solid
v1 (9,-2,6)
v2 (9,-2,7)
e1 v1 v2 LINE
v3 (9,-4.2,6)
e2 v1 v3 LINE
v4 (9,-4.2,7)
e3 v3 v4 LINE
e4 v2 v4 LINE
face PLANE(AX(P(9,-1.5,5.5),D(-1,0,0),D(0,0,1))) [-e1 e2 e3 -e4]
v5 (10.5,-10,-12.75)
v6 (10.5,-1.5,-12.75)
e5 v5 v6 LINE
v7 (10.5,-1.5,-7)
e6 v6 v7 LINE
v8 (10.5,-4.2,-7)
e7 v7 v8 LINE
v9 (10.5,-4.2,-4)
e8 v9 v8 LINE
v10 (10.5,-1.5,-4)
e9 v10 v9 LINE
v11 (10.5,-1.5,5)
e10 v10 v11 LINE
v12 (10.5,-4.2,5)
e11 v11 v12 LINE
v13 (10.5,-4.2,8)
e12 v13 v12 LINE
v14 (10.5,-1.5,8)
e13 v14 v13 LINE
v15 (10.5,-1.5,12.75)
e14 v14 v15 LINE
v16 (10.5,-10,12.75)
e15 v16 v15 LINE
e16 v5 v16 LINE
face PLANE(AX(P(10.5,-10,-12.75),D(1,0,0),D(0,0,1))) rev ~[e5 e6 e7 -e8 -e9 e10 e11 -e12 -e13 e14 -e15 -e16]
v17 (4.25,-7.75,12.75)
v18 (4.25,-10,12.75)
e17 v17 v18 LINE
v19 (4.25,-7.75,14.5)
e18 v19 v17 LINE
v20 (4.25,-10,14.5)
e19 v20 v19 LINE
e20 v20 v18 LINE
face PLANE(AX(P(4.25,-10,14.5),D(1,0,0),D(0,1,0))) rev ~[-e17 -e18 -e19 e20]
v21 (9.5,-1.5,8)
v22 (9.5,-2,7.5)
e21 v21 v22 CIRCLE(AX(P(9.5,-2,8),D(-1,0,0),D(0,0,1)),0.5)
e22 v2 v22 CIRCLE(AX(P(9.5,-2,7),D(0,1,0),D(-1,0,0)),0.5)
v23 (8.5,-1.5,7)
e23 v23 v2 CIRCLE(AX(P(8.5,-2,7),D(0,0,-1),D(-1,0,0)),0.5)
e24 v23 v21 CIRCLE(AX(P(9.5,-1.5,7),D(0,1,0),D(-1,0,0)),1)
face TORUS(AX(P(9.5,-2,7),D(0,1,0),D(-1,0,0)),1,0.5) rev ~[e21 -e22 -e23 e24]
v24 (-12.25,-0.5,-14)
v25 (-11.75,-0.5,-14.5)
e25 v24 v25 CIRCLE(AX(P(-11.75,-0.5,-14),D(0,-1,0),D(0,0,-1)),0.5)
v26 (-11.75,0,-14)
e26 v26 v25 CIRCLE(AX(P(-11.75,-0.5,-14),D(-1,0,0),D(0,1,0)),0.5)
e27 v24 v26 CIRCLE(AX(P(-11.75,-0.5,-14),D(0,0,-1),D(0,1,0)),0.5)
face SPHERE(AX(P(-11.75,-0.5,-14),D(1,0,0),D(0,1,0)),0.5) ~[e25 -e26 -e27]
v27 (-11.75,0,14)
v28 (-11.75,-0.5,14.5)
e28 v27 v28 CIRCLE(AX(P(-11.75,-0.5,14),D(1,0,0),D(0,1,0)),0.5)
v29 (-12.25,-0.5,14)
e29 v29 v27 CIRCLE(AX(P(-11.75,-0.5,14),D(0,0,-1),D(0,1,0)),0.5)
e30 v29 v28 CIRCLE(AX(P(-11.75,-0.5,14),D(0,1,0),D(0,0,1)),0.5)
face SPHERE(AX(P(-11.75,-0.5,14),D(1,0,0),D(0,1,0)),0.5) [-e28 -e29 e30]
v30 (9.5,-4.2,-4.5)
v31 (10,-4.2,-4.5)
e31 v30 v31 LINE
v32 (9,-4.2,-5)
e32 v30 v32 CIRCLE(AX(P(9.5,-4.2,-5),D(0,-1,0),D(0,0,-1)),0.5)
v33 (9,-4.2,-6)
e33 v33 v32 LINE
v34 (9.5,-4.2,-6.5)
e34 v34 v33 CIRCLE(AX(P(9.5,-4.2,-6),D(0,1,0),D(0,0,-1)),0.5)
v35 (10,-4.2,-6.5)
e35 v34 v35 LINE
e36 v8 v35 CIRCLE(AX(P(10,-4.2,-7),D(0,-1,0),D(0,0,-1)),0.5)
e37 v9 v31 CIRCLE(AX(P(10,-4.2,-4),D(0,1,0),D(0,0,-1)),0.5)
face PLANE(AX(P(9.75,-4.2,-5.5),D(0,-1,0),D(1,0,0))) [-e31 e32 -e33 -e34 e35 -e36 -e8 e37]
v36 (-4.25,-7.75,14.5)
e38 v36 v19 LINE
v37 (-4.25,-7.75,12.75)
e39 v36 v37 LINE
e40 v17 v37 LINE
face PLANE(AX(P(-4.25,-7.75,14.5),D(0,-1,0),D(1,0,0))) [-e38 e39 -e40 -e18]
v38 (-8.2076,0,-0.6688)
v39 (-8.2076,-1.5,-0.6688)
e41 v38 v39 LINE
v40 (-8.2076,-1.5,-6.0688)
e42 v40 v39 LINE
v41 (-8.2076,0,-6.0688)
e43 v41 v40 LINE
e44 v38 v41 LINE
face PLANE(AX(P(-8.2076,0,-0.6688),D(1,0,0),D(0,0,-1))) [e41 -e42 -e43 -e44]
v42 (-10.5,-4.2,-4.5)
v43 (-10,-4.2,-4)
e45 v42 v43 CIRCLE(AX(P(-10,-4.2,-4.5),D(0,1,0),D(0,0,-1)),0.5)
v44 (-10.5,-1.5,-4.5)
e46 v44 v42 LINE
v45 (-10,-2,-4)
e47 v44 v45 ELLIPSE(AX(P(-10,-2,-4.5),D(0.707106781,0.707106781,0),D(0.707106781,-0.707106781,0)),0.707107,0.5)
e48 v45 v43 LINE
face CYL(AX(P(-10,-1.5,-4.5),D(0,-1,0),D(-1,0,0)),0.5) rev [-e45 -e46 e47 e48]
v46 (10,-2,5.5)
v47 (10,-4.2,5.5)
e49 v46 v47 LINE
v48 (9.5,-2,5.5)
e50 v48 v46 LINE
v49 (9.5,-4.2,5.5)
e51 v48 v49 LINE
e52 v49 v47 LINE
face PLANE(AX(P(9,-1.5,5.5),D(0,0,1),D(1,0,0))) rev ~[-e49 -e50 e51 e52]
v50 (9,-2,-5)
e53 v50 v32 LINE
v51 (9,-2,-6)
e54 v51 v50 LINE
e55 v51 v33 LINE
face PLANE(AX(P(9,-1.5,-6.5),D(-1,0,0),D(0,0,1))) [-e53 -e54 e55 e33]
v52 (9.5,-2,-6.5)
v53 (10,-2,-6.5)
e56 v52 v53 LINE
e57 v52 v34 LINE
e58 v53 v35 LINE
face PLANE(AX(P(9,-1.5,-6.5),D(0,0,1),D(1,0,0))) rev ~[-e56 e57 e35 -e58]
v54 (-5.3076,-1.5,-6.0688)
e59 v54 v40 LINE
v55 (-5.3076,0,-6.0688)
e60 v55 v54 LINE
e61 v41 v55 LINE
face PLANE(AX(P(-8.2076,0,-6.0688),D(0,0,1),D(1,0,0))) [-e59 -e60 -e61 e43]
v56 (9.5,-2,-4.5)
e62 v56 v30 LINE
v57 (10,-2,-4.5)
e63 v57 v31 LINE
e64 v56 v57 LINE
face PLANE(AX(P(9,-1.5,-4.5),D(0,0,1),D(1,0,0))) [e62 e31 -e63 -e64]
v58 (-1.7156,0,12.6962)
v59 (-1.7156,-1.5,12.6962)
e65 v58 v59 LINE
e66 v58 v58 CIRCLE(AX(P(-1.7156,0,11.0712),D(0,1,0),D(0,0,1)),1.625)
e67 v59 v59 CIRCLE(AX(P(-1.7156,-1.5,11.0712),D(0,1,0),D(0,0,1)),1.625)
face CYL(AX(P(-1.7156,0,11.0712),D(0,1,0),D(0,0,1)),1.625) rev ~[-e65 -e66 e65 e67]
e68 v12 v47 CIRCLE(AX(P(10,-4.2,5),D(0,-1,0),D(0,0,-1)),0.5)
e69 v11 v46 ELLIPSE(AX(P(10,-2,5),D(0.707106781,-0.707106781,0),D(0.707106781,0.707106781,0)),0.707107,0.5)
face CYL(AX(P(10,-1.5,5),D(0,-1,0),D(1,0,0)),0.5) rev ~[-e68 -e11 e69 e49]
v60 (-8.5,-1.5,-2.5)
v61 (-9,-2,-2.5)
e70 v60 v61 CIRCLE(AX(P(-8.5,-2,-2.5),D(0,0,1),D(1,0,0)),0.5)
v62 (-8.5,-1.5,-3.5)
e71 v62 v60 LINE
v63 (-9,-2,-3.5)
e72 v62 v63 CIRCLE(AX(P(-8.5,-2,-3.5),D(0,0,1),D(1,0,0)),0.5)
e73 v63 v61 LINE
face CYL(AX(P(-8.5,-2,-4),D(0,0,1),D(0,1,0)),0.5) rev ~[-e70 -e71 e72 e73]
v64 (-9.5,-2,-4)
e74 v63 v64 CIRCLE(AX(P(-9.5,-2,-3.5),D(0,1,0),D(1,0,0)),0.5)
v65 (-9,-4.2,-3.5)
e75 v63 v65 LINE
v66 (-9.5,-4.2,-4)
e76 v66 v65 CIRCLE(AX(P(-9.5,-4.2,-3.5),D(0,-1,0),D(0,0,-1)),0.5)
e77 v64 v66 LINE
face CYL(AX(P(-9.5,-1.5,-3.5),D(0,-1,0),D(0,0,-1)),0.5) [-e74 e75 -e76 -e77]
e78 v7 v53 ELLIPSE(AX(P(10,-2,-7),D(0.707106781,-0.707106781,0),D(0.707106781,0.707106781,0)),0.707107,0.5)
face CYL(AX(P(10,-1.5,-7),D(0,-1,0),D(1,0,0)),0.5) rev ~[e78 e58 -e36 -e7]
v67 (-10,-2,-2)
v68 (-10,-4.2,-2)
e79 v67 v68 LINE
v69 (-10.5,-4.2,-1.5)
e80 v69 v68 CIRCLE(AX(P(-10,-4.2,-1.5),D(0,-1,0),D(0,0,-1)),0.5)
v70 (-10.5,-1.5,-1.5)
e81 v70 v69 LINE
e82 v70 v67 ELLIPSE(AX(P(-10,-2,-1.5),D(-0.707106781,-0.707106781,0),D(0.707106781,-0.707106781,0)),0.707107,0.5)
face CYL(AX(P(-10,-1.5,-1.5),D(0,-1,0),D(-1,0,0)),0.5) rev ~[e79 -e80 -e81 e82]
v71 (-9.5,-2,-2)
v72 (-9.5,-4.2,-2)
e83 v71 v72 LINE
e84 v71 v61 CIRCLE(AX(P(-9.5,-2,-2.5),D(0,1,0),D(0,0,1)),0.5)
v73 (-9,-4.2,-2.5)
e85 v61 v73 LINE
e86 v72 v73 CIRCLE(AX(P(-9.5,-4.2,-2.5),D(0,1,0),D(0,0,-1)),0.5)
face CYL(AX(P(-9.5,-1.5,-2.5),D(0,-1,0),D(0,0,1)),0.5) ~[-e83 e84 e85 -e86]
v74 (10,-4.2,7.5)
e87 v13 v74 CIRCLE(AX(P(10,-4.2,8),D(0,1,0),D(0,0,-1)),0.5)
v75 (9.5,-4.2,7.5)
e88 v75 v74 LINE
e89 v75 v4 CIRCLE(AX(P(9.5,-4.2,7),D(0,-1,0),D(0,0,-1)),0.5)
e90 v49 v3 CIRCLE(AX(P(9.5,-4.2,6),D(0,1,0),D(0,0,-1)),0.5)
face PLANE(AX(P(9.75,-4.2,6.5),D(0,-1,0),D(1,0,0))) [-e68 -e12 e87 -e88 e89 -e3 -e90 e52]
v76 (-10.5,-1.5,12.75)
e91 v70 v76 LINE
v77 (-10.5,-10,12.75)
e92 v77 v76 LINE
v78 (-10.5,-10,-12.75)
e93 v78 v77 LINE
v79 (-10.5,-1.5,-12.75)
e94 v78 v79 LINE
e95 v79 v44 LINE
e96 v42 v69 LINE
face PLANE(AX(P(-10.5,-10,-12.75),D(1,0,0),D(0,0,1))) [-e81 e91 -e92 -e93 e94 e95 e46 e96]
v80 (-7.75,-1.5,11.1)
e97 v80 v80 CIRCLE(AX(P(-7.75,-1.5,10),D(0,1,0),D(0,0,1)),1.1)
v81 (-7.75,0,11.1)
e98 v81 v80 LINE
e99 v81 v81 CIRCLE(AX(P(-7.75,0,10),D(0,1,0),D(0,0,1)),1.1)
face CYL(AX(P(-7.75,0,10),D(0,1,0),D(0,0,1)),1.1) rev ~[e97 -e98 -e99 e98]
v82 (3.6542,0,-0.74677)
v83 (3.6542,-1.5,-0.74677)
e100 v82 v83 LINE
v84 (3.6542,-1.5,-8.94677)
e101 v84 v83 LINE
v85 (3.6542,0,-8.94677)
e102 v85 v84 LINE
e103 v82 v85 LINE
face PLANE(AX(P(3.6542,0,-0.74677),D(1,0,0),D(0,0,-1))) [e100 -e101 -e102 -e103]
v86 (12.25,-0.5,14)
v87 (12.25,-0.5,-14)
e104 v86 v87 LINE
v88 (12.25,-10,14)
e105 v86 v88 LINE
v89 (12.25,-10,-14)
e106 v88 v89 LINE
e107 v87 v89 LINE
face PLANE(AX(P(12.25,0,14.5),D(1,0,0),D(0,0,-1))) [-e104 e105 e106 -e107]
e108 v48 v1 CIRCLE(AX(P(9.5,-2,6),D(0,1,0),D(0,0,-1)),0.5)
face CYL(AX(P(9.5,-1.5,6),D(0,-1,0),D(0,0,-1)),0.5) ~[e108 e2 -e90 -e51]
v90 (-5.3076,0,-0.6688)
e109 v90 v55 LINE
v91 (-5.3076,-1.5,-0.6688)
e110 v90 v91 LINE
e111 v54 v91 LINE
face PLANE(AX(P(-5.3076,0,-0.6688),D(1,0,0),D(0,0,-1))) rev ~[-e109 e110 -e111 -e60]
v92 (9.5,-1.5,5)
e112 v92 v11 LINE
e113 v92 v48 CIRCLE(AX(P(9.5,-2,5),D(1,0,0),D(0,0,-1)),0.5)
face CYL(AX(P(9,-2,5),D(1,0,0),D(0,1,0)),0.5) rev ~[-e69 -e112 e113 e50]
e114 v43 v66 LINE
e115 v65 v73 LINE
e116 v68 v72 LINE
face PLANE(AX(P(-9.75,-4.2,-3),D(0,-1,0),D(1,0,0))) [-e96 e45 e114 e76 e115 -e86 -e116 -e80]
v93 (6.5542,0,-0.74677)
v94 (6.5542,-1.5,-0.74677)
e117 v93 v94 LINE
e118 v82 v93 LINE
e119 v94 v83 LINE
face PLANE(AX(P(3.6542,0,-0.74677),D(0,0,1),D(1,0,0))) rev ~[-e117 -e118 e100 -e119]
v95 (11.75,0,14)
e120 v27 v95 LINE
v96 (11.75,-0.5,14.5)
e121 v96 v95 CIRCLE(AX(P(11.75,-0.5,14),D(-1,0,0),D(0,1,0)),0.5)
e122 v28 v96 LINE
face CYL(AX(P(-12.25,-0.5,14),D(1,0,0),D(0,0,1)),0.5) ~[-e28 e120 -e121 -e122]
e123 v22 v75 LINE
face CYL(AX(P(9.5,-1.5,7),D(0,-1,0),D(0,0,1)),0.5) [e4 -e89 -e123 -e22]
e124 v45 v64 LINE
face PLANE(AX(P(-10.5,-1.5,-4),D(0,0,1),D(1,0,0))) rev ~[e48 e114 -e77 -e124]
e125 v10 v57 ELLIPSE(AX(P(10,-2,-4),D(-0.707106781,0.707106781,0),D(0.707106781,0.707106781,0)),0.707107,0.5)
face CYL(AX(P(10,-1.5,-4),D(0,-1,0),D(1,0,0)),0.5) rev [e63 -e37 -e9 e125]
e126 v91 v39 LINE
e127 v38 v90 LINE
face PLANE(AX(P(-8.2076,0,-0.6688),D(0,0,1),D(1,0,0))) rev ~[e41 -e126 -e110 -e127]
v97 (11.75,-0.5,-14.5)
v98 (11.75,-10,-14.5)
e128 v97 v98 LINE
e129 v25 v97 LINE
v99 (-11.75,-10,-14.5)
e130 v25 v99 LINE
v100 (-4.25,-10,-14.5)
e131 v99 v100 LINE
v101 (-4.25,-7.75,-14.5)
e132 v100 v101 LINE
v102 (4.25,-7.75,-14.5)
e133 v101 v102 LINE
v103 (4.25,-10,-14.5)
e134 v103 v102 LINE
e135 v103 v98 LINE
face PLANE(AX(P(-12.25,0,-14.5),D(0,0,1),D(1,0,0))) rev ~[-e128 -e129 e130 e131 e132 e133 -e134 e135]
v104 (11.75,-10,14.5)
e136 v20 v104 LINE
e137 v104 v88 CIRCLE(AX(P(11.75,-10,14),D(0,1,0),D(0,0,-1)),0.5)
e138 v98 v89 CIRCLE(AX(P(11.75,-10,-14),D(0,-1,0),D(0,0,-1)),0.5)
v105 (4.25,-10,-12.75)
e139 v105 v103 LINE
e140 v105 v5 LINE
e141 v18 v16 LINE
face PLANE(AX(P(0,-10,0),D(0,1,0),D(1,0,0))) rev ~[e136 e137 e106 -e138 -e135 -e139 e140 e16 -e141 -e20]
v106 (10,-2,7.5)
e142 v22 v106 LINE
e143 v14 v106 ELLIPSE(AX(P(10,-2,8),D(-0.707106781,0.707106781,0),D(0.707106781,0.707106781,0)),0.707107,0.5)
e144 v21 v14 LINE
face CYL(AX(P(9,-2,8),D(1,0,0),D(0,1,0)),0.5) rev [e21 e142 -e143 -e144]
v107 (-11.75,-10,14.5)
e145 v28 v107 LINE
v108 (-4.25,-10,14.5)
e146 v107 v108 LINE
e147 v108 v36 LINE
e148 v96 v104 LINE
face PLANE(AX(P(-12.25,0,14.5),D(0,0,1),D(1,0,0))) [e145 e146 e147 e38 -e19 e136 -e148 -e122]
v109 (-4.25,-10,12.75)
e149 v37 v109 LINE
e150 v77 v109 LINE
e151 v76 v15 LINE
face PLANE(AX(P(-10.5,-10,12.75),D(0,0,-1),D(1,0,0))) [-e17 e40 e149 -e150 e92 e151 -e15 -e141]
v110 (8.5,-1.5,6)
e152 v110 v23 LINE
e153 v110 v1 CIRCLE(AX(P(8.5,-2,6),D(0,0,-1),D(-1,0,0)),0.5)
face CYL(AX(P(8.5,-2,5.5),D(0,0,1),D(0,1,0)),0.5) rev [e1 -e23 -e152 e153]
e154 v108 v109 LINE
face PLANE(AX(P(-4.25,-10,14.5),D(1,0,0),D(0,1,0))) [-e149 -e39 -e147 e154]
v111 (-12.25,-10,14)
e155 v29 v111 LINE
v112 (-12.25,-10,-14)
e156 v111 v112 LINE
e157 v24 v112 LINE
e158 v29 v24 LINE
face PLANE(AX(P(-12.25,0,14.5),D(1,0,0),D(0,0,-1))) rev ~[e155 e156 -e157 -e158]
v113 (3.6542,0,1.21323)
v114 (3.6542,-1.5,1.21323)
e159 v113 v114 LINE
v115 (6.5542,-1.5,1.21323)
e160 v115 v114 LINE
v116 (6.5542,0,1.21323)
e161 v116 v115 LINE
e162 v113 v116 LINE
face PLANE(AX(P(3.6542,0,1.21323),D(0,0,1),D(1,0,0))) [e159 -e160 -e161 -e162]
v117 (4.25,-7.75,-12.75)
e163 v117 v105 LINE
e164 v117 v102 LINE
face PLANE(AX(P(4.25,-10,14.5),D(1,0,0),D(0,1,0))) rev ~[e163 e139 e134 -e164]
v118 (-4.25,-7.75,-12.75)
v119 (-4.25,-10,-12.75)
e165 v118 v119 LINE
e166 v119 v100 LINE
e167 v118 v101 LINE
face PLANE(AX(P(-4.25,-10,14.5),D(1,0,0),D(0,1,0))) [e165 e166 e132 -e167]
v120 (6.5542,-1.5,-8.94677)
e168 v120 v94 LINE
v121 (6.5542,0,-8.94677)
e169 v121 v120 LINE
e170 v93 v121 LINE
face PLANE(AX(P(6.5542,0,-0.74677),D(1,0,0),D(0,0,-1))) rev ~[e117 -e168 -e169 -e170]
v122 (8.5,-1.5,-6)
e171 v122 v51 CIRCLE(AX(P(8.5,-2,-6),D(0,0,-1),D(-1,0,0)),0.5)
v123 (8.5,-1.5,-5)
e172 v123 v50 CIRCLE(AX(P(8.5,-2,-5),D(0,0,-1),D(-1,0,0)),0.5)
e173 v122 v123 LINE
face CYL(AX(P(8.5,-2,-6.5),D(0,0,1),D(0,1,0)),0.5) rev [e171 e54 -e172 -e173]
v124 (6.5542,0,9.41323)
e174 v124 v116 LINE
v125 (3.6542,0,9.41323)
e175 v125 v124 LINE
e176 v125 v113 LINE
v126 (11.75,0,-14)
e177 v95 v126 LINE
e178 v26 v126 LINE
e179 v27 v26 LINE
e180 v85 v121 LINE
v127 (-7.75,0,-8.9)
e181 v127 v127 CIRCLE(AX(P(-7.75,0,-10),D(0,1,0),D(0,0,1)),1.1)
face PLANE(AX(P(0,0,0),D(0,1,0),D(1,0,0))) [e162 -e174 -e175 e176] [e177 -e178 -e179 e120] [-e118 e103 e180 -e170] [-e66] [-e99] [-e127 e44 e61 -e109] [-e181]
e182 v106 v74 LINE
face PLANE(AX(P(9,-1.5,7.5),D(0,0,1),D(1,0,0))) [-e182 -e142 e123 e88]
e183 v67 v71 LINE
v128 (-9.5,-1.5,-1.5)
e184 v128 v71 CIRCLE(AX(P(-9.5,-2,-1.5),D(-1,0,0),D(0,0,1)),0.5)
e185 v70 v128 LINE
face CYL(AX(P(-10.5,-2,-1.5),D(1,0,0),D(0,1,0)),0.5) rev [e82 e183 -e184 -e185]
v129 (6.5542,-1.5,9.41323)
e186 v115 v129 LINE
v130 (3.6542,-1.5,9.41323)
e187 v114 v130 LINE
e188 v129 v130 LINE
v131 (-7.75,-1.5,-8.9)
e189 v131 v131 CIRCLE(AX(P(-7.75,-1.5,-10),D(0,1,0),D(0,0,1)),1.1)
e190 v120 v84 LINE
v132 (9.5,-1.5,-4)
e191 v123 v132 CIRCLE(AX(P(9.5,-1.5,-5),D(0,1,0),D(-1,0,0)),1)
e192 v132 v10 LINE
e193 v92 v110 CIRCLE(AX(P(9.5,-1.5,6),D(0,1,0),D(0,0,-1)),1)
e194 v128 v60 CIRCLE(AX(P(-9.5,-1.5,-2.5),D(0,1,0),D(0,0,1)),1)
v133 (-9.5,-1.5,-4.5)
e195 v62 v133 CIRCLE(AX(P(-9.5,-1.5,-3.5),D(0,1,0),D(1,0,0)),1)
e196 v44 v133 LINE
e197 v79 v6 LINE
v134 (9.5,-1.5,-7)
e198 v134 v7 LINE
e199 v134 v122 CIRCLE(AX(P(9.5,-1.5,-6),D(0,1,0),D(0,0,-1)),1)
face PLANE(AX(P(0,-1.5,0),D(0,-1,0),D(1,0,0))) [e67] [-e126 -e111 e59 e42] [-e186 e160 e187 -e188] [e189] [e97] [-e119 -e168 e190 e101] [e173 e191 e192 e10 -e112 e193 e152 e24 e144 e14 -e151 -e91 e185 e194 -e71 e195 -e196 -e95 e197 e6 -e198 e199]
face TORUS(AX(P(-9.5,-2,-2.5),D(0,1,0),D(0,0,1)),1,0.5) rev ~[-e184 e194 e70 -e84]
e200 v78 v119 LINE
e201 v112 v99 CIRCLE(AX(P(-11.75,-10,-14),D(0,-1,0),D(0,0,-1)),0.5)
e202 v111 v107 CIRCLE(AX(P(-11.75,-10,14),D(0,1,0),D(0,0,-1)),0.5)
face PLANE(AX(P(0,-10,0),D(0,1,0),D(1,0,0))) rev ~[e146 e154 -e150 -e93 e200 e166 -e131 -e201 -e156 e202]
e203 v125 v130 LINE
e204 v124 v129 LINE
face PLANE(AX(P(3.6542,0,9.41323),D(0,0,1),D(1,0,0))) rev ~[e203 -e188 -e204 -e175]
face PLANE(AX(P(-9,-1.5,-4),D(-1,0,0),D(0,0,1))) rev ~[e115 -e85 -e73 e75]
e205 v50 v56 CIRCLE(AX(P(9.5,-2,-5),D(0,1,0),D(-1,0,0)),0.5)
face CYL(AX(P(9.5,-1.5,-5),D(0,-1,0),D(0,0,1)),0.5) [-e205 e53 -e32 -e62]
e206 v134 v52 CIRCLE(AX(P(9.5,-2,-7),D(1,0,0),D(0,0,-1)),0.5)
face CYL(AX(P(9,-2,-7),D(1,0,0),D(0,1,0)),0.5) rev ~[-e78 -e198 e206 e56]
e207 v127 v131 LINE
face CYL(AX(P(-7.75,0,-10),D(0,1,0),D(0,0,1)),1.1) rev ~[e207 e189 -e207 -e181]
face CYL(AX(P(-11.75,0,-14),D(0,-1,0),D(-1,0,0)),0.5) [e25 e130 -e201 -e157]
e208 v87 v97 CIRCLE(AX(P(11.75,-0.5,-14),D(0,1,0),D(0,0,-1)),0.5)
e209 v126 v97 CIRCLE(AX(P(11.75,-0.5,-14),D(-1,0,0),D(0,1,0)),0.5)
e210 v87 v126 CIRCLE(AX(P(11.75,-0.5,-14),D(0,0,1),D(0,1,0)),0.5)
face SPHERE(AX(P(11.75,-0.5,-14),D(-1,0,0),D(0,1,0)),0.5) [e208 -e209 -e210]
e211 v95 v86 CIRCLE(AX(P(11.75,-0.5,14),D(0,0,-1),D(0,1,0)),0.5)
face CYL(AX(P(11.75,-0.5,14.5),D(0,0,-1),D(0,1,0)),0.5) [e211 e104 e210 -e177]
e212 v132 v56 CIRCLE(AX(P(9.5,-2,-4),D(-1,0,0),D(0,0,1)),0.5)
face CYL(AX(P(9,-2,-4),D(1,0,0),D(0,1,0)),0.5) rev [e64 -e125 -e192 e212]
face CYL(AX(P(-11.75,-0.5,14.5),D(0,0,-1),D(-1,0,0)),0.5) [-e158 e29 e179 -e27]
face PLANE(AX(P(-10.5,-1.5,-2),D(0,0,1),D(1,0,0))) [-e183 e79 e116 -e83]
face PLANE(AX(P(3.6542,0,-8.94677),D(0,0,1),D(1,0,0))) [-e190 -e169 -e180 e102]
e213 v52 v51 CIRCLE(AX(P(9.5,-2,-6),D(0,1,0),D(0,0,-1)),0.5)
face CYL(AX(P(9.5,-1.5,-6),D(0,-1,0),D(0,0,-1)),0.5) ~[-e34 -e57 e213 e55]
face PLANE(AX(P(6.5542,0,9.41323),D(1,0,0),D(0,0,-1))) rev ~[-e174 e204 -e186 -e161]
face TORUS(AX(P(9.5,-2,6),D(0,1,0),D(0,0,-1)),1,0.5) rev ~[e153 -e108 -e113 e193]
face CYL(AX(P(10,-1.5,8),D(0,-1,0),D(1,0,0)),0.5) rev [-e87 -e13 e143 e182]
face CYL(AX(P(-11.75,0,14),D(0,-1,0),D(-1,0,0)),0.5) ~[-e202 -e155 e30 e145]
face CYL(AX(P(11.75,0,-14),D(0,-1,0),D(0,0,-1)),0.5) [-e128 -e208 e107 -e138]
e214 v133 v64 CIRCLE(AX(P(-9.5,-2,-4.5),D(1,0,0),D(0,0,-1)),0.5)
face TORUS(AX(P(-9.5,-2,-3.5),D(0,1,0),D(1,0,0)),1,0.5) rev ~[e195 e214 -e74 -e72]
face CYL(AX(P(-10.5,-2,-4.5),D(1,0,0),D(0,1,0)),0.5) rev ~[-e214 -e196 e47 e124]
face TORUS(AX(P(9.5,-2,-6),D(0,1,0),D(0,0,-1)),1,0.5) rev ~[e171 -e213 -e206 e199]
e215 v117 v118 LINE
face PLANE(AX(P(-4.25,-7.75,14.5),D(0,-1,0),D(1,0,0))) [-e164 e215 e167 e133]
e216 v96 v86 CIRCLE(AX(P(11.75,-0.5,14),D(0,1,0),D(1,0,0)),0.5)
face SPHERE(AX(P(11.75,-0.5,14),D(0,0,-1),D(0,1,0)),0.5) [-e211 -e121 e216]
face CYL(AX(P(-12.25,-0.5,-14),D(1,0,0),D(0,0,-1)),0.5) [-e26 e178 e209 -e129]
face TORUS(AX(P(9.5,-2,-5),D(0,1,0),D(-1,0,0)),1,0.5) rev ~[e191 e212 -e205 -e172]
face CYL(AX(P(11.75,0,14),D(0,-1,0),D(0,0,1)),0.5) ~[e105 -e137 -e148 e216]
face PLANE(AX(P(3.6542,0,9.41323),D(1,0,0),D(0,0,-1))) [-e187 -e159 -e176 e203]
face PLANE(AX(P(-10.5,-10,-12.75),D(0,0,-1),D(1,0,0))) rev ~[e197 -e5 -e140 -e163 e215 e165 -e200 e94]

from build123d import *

# Parameters (mm, degrees)
SKETCH2_W           = 24.5
SKETCH2_H           = 29
BOSS_EXTRUDE1_DEPTH = 10
SKETCH3_W           = 21
SKETCH3_H           = 25.5
CUT_EXTRUDE1_DEPTH  = 8.5
SKETCH4_R           = 1.1
SKETCH4_R_2         = 1.625
SKETCH4_W           = 2.9
SKETCH4_H           = 5.4
SKETCH4_H_2         = 8.2
CUT_EXTRUDE2_DEPTH  = 22.454894546
SKETCH5_W           = 8.5
SKETCH5_H           = 2.25
CUT_EXTRUDE3_DEPTH  = 34.031235218
FILLET1_R           = 0.5
SKETCH6_W           = 1.5
SKETCH6_H           = 2
BOSS_EXTRUDE2_DEPTH = 2.7
FILLET2_R           = 0.5


with BuildPart() as part:
    # Sketch2 → Boss-Extrude1 (new body)
    with BuildSketch(Plane(origin=(0, 0, 0), x_dir=(1, 0, 0), z_dir=(0, 1, 0))):
        Rectangle(SKETCH2_W, SKETCH2_H)
    extrude(amount=-BOSS_EXTRUDE1_DEPTH)

    # Sketch3 → Cut-Extrude1 (cut)
    with BuildSketch(Plane.XZ.offset(10)):
        Rectangle(SKETCH3_W, SKETCH3_H)
    extrude(amount=-CUT_EXTRUDE1_DEPTH, mode=Mode.SUBTRACT)

    # Sketch4 → Cut-Extrude2 (cut, through all)
    with BuildSketch(Plane(origin=(0, 0, 0), x_dir=(1, 0, 0), z_dir=(0, 1, 0))):
        with Locations(Location((-7.75, -10, 0), (0, 0, 270))):
            Circle(SKETCH4_R)
        with Locations(Location((-7.75, 10, 0), (0, 0, 270))):
            Circle(SKETCH4_R)
        with Locations(Location((-1.7156, -11.0712, 0), (0, 0, 270))):
            Circle(SKETCH4_R_2)
        with Locations((-6.7576, 3.3688)):
            Rectangle(SKETCH4_W, SKETCH4_H)
        with Locations((5.1042, 4.84677)):
            Rectangle(SKETCH4_W, SKETCH4_H_2)
        with Locations((5.1042, -5.31323)):
            Rectangle(SKETCH4_W, SKETCH4_H_2)
    extrude(amount=-CUT_EXTRUDE2_DEPTH, mode=Mode.SUBTRACT)

    # Sketch5 → Cut-Extrude3 (cut, through all)
    with BuildSketch(Plane.XY.offset(14.5)):
        with Locations((0, -8.875)):
            Rectangle(SKETCH5_W, SKETCH5_H)
    extrude(amount=-CUT_EXTRUDE3_DEPTH, mode=Mode.SUBTRACT)

    # Fillet1
    fillet1_edges = [part.edges().sort_by_distance(p)[0] for p in [
        (0, 0, -14.5),
        (12.25, 0, 0),
        (0, 0, 14.5),
        (-12.25, 0, 0),
        (-12.25, -5, -14.5),
        (12.25, -5, -14.5),
        (12.25, -5, 14.5),
        (-12.25, -5, 14.5),
    ]]
    fillet(fillet1_edges, radius=FILLET1_R)

    # Sketch6 → Boss-Extrude2 (add)
    with BuildSketch(Plane.XZ.offset(1.5)):
        with Locations((-9.75, -3)):
            Rectangle(SKETCH6_W, SKETCH6_H)
        with Locations((9.75, 6.5)):
            Rectangle(SKETCH6_W, SKETCH6_H)
        with Locations((9.75, -5.5)):
            Rectangle(SKETCH6_W, SKETCH6_H)
    extrude(amount=BOSS_EXTRUDE2_DEPTH)

    # Fillet2
    fillet2_edges = [part.edges().sort_by_distance(p)[0] for p in [
        (-9.75, -1.5, -2),
        (9.75, -1.5, -6.5),
        (9.75, -1.5, 5.5),
        (-9, -1.5, -3),
        (9, -1.5, -5.5),
        (9, -1.5, 6.5),
        (-9.75, -1.5, -4),
        (-10.5, -2.85, -4),
        (-9, -2.85, -4),
        (-9, -2.85, -2),
        (-10.5, -2.85, -2),
        (9.75, -1.5, -4.5),
        (10.5, -2.85, -4.5),
        (9, -2.85, -4.5),
        (9, -2.85, -6.5),
        (10.5, -2.85, -6.5),
        (9.75, -1.5, 7.5),
        (10.5, -2.85, 7.5),
        (9, -2.85, 7.5),
        (9, -2.85, 5.5),
        (10.5, -2.85, 5.5),
    ]]
    fillet(fillet2_edges, radius=FILLET2_R)


solid = part.part
